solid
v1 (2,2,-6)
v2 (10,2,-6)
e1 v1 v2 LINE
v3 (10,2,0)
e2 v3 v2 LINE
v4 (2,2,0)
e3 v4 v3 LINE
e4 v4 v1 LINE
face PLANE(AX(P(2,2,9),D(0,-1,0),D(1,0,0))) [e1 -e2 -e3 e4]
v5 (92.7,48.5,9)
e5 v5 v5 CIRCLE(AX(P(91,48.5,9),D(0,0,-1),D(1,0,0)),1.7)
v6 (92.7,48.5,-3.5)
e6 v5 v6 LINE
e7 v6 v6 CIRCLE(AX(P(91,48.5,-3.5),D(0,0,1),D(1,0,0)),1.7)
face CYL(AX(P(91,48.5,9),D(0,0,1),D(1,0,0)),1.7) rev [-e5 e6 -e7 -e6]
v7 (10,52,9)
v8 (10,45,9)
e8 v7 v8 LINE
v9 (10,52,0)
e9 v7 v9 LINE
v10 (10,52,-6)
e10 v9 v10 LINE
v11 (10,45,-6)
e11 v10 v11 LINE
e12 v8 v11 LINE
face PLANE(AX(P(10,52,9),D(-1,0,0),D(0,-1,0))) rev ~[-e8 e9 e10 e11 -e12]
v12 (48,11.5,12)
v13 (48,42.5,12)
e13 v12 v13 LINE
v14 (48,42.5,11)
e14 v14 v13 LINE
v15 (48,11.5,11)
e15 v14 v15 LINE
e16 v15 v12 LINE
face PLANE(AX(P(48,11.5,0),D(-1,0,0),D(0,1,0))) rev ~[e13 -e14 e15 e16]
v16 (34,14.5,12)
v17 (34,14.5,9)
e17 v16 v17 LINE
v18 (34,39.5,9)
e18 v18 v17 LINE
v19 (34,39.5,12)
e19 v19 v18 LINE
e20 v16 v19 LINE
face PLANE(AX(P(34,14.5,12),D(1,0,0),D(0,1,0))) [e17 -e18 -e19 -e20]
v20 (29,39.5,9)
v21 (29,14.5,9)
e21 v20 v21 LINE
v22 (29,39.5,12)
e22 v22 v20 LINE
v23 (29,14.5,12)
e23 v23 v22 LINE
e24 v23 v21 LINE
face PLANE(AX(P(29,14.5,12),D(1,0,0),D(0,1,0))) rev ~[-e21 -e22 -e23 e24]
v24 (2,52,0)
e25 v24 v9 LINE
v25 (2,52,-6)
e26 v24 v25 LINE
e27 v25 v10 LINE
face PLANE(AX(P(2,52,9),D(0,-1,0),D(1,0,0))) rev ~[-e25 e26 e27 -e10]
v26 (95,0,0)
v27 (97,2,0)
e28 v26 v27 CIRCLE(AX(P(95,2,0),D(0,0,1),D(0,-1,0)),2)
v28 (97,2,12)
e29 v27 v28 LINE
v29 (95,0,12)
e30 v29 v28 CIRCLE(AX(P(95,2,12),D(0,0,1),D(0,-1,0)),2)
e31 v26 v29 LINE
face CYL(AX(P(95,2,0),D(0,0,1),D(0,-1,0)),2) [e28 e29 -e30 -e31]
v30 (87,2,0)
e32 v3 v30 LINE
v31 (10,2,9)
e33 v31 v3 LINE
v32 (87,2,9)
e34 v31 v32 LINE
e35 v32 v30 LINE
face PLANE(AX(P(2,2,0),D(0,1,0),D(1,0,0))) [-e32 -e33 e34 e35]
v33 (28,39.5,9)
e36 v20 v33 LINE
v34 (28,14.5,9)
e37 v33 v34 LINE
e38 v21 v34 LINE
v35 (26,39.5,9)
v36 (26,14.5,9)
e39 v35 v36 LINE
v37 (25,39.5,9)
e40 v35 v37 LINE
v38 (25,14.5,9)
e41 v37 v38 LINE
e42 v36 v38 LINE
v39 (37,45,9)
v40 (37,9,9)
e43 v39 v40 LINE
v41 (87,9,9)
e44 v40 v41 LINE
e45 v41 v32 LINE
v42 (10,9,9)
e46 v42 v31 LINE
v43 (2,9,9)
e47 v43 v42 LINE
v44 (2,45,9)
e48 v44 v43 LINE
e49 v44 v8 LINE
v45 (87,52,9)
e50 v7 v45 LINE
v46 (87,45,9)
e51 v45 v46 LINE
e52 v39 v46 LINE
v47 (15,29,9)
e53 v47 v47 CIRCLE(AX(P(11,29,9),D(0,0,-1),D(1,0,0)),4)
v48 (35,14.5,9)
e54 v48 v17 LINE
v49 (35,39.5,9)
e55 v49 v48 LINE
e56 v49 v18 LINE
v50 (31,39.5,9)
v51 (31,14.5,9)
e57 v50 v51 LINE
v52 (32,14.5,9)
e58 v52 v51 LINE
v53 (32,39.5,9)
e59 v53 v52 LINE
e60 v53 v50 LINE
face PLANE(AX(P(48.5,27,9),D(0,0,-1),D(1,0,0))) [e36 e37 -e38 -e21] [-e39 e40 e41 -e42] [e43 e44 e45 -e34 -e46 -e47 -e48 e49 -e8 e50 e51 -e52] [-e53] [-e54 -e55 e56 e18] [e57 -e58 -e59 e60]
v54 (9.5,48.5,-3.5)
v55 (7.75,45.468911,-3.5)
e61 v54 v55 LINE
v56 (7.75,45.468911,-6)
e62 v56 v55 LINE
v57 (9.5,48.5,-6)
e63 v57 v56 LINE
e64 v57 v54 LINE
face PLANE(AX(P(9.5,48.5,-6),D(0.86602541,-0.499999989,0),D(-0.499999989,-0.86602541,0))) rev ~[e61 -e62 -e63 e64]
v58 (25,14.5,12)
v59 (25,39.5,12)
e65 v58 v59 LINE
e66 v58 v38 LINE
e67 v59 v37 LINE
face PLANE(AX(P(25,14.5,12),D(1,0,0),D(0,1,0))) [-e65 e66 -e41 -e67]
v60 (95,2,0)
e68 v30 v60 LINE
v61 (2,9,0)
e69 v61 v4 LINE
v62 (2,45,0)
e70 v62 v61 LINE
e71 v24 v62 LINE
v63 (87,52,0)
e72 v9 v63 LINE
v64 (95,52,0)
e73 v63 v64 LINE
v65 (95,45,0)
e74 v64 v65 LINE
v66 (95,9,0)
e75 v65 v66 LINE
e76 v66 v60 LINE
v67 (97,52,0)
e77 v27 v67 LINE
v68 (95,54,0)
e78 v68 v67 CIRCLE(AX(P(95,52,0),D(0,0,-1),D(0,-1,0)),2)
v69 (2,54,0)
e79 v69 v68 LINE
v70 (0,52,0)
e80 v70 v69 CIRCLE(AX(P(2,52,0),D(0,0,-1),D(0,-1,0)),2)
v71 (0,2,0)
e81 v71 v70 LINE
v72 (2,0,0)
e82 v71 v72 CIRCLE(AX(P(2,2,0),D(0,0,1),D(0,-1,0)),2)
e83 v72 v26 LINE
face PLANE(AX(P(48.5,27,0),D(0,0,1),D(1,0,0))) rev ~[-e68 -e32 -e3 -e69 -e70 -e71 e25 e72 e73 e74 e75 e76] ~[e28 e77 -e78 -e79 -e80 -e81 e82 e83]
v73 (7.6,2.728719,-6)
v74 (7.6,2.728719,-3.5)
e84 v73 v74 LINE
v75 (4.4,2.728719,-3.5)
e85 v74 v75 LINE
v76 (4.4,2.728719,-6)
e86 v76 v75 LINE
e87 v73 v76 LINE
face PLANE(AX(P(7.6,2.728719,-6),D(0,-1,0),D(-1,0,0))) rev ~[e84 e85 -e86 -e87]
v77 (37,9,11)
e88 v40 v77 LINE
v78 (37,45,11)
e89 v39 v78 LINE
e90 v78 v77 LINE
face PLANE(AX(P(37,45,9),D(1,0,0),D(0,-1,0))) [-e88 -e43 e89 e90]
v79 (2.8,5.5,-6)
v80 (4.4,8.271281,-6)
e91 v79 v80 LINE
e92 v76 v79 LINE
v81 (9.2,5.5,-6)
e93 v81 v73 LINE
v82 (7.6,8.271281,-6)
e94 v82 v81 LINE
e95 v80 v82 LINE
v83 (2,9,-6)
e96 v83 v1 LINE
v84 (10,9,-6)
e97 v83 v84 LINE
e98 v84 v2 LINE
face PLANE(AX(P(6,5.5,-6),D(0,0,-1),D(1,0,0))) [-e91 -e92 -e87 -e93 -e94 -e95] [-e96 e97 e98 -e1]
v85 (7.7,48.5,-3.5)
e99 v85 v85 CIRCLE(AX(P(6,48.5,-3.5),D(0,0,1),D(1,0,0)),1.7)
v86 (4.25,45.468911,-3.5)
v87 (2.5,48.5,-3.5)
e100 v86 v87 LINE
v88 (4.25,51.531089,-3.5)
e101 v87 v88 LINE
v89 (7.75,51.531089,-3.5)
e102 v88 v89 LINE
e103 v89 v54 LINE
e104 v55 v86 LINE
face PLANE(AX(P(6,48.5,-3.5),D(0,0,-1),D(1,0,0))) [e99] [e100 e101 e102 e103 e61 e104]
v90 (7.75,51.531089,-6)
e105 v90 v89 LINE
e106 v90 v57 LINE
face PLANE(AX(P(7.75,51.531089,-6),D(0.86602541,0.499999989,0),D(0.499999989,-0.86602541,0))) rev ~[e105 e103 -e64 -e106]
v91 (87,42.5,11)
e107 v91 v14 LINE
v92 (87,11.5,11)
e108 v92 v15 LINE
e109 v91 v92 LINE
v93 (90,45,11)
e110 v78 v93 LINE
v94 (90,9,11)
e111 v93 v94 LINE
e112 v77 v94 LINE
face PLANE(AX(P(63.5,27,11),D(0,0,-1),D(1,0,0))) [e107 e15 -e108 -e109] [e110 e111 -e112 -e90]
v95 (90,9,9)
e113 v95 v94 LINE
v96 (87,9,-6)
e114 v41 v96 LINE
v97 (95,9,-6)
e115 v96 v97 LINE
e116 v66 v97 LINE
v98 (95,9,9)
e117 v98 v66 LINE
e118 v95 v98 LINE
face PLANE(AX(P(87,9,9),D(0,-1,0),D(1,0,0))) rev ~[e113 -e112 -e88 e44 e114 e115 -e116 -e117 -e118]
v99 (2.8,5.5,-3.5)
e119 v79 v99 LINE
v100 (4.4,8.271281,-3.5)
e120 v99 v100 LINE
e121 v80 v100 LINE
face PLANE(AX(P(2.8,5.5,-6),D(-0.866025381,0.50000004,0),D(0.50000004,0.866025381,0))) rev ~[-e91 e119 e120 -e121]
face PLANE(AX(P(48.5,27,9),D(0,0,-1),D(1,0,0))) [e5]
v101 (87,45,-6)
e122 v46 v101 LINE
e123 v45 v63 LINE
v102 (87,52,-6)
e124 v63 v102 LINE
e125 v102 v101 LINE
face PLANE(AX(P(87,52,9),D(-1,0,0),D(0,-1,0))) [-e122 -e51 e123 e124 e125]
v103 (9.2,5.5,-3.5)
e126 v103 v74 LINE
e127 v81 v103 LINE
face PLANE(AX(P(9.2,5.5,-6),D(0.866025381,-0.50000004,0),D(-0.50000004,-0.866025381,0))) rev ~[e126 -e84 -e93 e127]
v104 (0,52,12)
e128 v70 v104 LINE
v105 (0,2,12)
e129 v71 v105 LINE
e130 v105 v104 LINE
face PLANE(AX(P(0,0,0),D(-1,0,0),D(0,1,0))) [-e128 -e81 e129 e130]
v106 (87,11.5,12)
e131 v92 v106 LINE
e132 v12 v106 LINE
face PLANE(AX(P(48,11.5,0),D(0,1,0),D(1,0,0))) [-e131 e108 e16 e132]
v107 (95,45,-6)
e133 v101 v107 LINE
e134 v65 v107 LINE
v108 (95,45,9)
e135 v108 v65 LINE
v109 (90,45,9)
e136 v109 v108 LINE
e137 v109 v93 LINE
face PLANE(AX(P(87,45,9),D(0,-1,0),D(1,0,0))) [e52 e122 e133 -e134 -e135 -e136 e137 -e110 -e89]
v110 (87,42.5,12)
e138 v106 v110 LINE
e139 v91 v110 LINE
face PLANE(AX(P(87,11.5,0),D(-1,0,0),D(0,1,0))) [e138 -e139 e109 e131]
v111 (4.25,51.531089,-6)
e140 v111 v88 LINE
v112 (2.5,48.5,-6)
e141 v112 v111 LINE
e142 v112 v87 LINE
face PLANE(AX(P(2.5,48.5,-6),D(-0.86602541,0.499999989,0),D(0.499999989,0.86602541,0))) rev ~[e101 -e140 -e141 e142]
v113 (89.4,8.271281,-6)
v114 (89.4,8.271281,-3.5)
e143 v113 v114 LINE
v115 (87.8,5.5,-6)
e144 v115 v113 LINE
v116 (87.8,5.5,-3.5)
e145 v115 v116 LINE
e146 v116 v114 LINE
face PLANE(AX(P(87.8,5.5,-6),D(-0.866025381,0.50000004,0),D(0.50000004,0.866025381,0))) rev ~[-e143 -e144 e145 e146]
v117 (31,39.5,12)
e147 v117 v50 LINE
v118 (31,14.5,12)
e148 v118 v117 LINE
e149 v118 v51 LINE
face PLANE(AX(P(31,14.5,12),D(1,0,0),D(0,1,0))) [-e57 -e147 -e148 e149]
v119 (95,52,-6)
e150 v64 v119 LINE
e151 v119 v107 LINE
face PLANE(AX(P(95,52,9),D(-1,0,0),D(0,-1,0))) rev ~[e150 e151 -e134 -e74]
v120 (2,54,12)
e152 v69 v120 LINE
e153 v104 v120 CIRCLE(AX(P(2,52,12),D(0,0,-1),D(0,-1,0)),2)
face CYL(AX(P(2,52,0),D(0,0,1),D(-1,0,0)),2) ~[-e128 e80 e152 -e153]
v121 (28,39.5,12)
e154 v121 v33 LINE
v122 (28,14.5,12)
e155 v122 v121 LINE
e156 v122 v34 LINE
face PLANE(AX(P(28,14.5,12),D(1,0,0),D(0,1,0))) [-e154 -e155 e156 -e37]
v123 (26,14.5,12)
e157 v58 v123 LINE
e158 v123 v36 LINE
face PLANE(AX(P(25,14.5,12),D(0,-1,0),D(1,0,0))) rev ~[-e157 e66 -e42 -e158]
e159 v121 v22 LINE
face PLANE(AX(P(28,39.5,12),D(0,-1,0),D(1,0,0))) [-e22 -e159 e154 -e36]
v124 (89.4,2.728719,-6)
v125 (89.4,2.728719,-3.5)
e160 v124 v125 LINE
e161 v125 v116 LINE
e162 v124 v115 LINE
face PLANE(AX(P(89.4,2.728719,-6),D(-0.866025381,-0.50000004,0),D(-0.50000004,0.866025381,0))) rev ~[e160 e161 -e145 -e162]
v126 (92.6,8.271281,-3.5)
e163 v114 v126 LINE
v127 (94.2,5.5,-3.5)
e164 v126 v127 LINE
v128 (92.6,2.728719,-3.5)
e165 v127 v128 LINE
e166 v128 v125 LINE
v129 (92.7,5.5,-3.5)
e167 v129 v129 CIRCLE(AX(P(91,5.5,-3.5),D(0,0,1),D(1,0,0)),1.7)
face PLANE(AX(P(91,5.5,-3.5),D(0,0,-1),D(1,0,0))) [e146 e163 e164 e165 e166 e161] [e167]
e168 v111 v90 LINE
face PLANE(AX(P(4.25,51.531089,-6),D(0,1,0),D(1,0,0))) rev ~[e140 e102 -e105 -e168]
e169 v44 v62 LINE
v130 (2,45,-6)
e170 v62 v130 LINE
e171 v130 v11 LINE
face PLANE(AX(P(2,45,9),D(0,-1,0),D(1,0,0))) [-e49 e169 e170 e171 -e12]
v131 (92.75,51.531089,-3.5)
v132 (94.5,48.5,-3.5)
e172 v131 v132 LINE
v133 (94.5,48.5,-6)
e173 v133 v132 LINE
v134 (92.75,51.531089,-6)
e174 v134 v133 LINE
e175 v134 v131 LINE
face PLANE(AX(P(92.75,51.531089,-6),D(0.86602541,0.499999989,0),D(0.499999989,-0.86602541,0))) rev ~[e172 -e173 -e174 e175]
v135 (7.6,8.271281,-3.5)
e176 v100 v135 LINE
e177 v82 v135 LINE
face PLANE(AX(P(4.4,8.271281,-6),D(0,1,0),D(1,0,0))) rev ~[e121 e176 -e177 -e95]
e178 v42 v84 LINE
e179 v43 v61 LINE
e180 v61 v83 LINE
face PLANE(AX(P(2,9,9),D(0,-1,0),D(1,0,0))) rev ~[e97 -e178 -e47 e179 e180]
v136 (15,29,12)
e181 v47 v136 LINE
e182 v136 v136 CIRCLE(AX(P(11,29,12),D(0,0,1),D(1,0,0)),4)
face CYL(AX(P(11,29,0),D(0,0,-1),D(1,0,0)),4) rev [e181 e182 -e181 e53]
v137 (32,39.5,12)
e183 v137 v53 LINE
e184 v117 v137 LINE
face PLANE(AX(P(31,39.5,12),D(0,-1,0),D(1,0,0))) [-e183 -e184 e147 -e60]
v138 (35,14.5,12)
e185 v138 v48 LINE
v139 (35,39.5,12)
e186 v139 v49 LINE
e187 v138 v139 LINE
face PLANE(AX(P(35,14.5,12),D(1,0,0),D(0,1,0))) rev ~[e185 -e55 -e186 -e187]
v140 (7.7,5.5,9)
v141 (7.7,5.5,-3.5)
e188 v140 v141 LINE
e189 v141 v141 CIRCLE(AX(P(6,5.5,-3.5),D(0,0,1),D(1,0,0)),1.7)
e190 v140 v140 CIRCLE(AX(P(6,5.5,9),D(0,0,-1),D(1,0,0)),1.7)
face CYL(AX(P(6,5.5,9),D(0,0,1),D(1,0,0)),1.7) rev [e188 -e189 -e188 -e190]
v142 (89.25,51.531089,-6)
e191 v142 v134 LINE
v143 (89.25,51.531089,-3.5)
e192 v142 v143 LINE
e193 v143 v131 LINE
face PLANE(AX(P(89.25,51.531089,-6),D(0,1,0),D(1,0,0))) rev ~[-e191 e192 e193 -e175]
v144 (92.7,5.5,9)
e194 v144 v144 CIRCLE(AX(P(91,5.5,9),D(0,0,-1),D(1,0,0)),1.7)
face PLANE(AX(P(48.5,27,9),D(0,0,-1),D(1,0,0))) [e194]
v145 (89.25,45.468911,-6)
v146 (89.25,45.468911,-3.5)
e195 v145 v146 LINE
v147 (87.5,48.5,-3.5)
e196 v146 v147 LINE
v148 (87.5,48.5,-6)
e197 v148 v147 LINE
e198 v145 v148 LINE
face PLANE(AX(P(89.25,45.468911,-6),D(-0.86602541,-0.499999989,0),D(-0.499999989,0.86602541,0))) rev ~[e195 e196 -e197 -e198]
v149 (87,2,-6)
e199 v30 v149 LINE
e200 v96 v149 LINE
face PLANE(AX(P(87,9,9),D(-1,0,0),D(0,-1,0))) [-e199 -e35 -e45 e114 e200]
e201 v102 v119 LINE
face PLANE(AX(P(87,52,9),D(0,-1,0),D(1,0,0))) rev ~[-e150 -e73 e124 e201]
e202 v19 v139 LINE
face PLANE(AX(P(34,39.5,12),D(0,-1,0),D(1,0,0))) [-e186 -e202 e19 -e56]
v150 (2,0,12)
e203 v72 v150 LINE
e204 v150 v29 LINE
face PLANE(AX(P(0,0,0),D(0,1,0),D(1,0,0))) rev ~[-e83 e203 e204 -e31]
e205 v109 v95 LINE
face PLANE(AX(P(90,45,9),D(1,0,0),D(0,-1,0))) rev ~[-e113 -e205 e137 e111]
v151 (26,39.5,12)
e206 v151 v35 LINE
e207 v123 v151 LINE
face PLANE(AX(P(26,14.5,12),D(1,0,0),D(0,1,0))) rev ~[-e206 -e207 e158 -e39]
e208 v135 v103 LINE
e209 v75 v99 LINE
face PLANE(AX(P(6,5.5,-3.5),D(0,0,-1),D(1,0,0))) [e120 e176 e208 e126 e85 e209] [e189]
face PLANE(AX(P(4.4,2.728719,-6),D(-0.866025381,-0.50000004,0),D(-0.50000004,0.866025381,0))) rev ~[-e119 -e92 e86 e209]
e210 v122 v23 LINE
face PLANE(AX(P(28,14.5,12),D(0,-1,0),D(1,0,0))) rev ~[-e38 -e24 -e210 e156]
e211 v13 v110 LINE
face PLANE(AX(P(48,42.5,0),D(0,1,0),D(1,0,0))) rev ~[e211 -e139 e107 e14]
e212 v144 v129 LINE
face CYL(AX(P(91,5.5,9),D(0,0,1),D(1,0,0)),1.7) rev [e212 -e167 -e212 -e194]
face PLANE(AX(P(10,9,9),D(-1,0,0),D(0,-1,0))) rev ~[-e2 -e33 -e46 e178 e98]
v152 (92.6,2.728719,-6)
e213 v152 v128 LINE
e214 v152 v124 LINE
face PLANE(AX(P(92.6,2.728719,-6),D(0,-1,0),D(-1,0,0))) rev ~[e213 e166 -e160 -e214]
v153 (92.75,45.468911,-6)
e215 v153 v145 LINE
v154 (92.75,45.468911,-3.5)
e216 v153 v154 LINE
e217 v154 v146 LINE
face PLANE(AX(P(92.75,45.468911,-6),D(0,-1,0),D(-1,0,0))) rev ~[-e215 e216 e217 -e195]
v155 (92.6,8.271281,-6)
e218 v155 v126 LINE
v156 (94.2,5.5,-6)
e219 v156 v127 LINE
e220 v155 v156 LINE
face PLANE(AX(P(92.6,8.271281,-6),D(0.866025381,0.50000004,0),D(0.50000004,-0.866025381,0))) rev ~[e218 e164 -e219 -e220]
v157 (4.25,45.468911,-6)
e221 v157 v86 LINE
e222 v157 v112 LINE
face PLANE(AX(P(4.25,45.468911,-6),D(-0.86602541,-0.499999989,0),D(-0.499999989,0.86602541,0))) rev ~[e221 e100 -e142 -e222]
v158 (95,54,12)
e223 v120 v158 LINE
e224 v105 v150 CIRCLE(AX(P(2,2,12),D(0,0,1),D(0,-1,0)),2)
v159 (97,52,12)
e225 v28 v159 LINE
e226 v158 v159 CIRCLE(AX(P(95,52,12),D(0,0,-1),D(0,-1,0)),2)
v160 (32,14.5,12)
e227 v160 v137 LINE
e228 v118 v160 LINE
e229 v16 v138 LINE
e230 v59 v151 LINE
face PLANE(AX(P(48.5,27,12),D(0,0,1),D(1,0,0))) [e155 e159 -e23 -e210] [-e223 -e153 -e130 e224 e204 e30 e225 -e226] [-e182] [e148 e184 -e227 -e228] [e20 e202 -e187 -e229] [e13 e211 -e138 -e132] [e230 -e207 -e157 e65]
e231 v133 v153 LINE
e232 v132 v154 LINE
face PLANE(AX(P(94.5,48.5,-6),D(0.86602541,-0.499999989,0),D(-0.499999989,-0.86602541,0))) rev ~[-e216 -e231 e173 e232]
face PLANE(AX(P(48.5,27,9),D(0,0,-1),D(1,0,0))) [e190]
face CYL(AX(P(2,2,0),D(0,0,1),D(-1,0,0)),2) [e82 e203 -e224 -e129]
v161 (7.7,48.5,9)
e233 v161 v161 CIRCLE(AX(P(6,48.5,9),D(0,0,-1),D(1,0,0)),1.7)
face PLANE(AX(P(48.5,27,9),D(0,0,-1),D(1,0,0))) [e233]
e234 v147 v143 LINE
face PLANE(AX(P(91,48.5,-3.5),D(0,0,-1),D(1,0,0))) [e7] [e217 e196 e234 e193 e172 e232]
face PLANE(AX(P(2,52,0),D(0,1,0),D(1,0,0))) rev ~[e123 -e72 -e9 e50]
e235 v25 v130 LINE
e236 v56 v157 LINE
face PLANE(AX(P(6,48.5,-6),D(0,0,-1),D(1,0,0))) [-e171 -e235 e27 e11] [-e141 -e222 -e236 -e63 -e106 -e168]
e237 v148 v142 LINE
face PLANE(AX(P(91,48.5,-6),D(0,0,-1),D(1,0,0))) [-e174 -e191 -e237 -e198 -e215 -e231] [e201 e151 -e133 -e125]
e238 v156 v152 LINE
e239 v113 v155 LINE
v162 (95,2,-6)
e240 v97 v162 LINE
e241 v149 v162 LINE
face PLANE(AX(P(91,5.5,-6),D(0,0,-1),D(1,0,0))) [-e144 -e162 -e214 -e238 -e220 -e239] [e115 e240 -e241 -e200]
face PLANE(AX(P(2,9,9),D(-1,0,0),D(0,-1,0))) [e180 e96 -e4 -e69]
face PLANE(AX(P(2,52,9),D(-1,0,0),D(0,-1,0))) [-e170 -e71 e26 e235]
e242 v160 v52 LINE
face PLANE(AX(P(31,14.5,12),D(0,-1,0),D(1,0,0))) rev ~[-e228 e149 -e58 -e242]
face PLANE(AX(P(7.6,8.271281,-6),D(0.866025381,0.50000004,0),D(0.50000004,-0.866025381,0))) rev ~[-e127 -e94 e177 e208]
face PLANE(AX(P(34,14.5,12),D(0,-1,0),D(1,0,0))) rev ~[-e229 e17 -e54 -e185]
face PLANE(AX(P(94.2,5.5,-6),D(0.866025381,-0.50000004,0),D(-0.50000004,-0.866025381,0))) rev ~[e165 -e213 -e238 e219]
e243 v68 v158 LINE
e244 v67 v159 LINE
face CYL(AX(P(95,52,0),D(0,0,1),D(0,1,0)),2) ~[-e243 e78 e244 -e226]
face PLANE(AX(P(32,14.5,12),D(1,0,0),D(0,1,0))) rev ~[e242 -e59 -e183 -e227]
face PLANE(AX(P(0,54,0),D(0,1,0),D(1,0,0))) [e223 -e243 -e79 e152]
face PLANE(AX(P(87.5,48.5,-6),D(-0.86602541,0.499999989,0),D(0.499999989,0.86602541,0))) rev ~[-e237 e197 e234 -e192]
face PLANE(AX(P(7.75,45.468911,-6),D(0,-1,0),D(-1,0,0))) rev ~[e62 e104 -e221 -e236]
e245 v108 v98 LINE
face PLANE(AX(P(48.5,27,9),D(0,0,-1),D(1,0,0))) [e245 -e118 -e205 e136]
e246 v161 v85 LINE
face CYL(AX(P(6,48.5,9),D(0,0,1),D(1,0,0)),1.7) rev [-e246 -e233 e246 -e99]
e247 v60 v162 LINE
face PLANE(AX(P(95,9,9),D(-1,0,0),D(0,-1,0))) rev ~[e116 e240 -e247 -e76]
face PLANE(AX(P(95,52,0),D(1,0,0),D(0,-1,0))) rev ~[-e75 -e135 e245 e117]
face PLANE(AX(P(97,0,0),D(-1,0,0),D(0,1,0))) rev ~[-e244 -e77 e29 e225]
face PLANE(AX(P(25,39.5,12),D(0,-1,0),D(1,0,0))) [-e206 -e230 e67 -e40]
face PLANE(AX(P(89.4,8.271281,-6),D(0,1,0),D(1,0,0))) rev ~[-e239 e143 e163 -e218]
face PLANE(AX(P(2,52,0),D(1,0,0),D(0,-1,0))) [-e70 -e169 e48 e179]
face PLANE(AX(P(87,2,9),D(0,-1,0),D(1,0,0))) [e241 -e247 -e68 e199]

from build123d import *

# Parameters (mm, degrees)
SKETCH_W        = 97
SKETCH_H        = 54
SKETCH_R        = 4
SKETCH_W_2      = 39
SKETCH_H_2      = 31
PAD_DEPTH       = 12
SKETCH001_W     = 93
SKETCH001_H     = 50
POCKET_DEPTH    = 9
SKETCH002_W     = 53
SKETCH002_H     = 36
POCKET001_DEPTH = 2
SKETCH003_W     = 1
SKETCH003_H     = 25
POCKET002_DEPTH = 12.001
FILLET_R        = 2
SKETCH004_W     = 8
SKETCH004_H     = 7
SKETCH004_R     = 1.7
PAD001_DEPTH    = 15
POCKET003_DEPTH = 2.5
POCKET004_DEPTH = 2.5
POCKET005_DEPTH = 2.5
POCKET006_DEPTH = 2.5


with BuildPart() as part:
    # Sketch → Pad (new body)
    with BuildSketch(Plane.XY):
        with Locations((48.5, 27)):
            Rectangle(SKETCH_W, SKETCH_H)
        with Locations((11, 29)):
            Circle(SKETCH_R, mode=Mode.SUBTRACT)
        with Locations((67.5, 27)):
            Rectangle(SKETCH_W_2, SKETCH_H_2, mode=Mode.SUBTRACT)
    extrude(amount=PAD_DEPTH)

    # Sketch001 → Pocket (cut)
    with BuildSketch(Plane(origin=(0, 0, 0), x_dir=(1, 0, 0), z_dir=(0, 0, -1))):
        with Locations((48.5, -27)):
            Rectangle(SKETCH001_W, SKETCH001_H)
    extrude(amount=-POCKET_DEPTH, mode=Mode.SUBTRACT)

    # Sketch002 → Pocket001 (cut)
    with BuildSketch(Plane(origin=(0, 0, 9), x_dir=(1, 0, 0), z_dir=(0, 0, -1))):
        with Locations((63.5, -27)):
            Rectangle(SKETCH002_W, SKETCH002_H)
    extrude(amount=-POCKET001_DEPTH, mode=Mode.SUBTRACT)

    # Sketch003 → Pocket002 (cut, through all)
    with BuildSketch(Plane.XY.offset(12)):
        with Locations((28.5, 27)):
            Rectangle(SKETCH003_W, SKETCH003_H)
        with Locations((31.5, 27)):
            Rectangle(SKETCH003_W, SKETCH003_H)
        with Locations((25.5, 27)):
            Rectangle(SKETCH003_W, SKETCH003_H)
        with Locations((34.5, 27)):
            Rectangle(SKETCH003_W, SKETCH003_H)
    extrude(amount=-POCKET002_DEPTH, mode=Mode.SUBTRACT)

    # Fillet
    fillet_edges = [part.edges().sort_by_distance(p)[0] for p in [
        (97, 0, 6),
        (0, 0, 6),
        (97, 54, 6),
        (0, 54, 6),
    ]]
    fillet(fillet_edges, radius=FILLET_R)

    # Sketch004 → Pad001 (new body)
    with BuildSketch(Plane(origin=(0, 0, 9), x_dir=(1, 0, 0), z_dir=(0, 0, -1))):
        with Locations((6, -5.5)):
            Rectangle(SKETCH004_W, SKETCH004_H)
        with Locations((6, -5.5)):
            Circle(SKETCH004_R, mode=Mode.SUBTRACT)
        with Locations((91, -5.5)):
            Rectangle(SKETCH004_W, SKETCH004_H)
        with Locations((91, -5.5)):
            Circle(SKETCH004_R, mode=Mode.SUBTRACT)
        with Locations((6, -48.5)):
            Rectangle(SKETCH004_W, SKETCH004_H)
        with Locations((6, -48.5)):
            Circle(SKETCH004_R, mode=Mode.SUBTRACT)
        with Locations((91, -48.5)):
            Rectangle(SKETCH004_W, SKETCH004_H)
        with Locations((91, -48.5)):
            Circle(SKETCH004_R, mode=Mode.SUBTRACT)
    extrude(amount=PAD001_DEPTH)

    # Sketch006 → Pocket003 (cut)
    with BuildSketch(Plane(origin=(0, 0, -6), x_dir=(1, 0, 0), z_dir=(0, 0, -1))):
        Polygon((7.6, -8.271281), (9.2, -5.5), (7.6, -2.728719), (4.4, -2.728719), (2.8, -5.5), (4.4, -8.271281), align=None)
    extrude(amount=-POCKET003_DEPTH, mode=Mode.SUBTRACT)

    # Sketch007 → Pocket004 (cut)
    with BuildSketch(Plane(origin=(0, 0, -6), x_dir=(1, 0, 0), z_dir=(0, 0, -1))):
        Polygon((92.6, -8.271281), (94.2, -5.5), (92.6, -2.728719), (89.4, -2.728719), (87.8, -5.5), (89.4, -8.271281), align=None)
    extrude(amount=-POCKET004_DEPTH, mode=Mode.SUBTRACT)

    # Sketch008 → Pocket005 (cut)
    with BuildSketch(Plane(origin=(0, 0, -6), x_dir=(1, 0, 0), z_dir=(0, 0, -1))):
        Polygon((7.75, -51.531089), (9.5, -48.5), (7.75, -45.468911), (4.25, -45.468911), (2.5, -48.5), (4.25, -51.531089), align=None)
    extrude(amount=-POCKET005_DEPTH, mode=Mode.SUBTRACT)

    # Sketch010 → Pocket006 (cut)
    with BuildSketch(Plane(origin=(0, 0, -6), x_dir=(1, 0, 0), z_dir=(0, 0, -1))):
        Polygon((92.75, -51.531089), (94.5, -48.5), (92.75, -45.468911), (89.25, -45.468911), (87.5, -48.5), (89.25, -51.531089), align=None)
    extrude(amount=-POCKET006_DEPTH, mode=Mode.SUBTRACT)


solid = part.part
